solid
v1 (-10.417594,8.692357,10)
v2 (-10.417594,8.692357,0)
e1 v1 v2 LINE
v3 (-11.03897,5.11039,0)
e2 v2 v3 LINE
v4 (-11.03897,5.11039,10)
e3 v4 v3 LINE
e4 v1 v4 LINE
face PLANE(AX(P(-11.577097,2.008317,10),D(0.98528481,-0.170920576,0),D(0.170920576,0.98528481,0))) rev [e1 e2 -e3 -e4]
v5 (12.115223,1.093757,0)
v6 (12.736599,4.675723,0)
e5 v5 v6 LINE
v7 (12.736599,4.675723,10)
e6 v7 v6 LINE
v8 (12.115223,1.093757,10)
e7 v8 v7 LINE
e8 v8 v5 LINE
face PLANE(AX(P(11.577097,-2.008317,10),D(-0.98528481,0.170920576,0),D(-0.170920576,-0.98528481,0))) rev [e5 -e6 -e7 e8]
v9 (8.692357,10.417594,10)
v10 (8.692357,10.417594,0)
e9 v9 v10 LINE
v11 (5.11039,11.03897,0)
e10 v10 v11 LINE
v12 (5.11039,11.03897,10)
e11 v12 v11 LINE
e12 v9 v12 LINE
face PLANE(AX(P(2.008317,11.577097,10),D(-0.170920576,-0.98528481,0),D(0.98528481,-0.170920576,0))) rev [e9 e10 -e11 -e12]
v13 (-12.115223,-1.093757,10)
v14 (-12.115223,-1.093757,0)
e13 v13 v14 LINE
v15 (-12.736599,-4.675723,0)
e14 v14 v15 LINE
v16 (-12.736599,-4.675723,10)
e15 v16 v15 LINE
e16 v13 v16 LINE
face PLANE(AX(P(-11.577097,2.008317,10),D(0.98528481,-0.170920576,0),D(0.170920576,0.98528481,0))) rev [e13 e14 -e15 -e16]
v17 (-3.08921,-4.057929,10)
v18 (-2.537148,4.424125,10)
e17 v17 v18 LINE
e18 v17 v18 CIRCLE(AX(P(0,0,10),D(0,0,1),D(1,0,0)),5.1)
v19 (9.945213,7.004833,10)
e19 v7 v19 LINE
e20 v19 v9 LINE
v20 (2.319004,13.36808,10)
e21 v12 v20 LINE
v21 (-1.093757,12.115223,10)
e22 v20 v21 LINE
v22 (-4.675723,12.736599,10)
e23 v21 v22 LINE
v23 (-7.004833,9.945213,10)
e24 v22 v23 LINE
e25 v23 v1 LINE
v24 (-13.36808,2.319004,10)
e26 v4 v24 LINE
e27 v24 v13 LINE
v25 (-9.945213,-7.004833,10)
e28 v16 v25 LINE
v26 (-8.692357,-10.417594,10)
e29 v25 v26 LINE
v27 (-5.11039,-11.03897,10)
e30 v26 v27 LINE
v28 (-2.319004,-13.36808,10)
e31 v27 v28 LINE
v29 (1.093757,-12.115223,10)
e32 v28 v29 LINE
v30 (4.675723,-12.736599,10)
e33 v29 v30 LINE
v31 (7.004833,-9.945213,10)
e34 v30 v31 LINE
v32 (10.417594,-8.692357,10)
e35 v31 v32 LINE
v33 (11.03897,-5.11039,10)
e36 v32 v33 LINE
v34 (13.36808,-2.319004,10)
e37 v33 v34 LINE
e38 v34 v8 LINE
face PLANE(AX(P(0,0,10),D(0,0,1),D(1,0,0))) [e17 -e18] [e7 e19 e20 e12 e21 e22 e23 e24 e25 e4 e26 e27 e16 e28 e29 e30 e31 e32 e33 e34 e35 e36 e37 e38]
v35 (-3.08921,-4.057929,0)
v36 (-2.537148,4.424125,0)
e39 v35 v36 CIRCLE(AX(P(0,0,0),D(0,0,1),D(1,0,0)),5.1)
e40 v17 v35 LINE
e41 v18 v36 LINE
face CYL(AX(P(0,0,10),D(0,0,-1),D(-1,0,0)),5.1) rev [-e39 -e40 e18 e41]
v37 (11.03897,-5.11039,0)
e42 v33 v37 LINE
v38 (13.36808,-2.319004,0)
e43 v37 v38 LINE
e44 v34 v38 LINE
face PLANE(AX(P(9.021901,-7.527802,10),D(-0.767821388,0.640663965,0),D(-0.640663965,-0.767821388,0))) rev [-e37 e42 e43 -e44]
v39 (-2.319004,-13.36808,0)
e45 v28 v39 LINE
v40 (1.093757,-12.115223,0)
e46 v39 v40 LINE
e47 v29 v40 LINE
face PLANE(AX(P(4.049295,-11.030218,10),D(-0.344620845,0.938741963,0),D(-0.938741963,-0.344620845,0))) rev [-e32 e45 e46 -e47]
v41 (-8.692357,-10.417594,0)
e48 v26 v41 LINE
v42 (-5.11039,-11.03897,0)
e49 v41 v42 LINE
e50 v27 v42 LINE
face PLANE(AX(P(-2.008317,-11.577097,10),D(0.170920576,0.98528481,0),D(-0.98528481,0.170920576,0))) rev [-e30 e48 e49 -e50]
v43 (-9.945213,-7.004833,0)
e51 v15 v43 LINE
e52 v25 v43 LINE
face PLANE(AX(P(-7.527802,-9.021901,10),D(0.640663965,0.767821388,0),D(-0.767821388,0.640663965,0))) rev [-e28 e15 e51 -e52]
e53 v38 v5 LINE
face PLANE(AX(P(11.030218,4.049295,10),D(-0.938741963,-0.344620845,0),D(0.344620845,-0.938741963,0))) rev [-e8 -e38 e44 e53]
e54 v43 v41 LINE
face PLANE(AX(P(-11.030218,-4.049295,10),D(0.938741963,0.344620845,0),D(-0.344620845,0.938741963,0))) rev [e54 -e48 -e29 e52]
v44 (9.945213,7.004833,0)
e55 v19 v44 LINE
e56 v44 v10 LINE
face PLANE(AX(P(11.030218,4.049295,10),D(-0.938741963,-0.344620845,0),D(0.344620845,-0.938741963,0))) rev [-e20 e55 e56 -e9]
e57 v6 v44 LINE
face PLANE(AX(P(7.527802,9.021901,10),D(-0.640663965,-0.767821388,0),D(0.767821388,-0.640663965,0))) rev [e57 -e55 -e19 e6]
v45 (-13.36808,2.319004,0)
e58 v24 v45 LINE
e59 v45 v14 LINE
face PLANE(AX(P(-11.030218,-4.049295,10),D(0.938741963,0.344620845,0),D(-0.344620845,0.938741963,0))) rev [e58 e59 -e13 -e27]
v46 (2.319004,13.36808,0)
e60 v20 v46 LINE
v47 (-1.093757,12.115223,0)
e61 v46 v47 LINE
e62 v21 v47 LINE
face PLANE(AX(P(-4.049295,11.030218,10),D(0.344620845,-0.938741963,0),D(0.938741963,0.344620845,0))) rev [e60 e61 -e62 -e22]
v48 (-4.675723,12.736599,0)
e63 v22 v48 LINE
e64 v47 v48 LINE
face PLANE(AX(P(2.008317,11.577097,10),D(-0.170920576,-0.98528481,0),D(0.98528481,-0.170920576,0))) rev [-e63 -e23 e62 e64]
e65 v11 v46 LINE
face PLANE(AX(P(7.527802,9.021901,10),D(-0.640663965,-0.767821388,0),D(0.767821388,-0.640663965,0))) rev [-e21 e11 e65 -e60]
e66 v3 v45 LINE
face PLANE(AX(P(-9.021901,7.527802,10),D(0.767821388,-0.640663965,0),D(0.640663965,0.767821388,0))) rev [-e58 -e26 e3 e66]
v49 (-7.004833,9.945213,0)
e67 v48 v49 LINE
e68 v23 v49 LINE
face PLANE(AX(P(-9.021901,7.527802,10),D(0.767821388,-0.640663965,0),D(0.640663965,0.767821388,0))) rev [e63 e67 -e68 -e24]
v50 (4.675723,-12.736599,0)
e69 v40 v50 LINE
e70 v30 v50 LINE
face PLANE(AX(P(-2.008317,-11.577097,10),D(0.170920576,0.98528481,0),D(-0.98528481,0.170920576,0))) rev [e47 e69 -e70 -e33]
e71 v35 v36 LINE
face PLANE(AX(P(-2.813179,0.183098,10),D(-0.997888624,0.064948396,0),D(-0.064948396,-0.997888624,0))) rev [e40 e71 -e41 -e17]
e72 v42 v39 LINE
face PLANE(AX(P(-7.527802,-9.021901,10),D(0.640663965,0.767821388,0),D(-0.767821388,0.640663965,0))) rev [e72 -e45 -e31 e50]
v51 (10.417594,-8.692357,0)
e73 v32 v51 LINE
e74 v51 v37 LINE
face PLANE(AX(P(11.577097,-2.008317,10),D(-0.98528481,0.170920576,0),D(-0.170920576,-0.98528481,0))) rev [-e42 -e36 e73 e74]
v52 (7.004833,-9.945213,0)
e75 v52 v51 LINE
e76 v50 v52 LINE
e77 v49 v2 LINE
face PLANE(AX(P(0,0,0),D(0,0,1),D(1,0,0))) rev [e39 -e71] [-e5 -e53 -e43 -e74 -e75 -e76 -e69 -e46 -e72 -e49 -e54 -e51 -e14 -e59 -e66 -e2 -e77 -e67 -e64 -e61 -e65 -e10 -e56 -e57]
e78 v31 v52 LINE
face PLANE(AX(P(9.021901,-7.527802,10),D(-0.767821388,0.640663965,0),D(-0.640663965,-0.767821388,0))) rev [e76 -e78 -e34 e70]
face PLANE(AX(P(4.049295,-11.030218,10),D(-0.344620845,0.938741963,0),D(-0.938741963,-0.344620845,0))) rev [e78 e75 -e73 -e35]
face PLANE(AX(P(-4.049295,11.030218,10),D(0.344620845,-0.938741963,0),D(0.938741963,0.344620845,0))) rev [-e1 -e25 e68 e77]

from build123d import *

# Parameters (mm, degrees)
BOSS_EXTRUDE2_DEPTH = 10


with BuildPart() as part:
    # Sketch1 → Boss-Extrude2 (new body)
    with BuildSketch(Plane.XY):
        Polygon((9.945212763, 7.004832947), (8.692356553, 10.417594294), (5.110390425, 11.038969663), (2.319004447, 13.368079582), (-1.0937569, 12.115223372), (-4.675723029, 12.736598741), (-7.004832947, 9.945212763), (-10.417594294, 8.692356553), (-11.038969663, 5.110390425), (-13.368079582, 2.319004447), (-12.115223372, -1.0937569), (-12.736598741, -4.675723029), (-9.945212763, -7.004832947), (-8.692356553, -10.417594294), (-5.110390425, -11.038969663), (-2.319004447, -13.368079582), (1.0937569, -12.115223372), (4.675723029, -12.736598741), (7.004832947, -9.945212763), (10.417594294, -8.692356553), (11.038969663, -5.110390425), (13.368079582, -2.319004447), (12.115223372, 1.0937569), (12.736598741, 4.675723029), align=None)
        with BuildLine():
            Line((-3.08920951, -4.05792861), (-2.537148142, 4.424124694))
            ThreePointArc((-2.537148142, 4.424124694), (5.089231982, -0.331236821), (-3.08920951, -4.05792861))
        make_face(mode=Mode.SUBTRACT)
    extrude(amount=BOSS_EXTRUDE2_DEPTH)


solid = part.part
